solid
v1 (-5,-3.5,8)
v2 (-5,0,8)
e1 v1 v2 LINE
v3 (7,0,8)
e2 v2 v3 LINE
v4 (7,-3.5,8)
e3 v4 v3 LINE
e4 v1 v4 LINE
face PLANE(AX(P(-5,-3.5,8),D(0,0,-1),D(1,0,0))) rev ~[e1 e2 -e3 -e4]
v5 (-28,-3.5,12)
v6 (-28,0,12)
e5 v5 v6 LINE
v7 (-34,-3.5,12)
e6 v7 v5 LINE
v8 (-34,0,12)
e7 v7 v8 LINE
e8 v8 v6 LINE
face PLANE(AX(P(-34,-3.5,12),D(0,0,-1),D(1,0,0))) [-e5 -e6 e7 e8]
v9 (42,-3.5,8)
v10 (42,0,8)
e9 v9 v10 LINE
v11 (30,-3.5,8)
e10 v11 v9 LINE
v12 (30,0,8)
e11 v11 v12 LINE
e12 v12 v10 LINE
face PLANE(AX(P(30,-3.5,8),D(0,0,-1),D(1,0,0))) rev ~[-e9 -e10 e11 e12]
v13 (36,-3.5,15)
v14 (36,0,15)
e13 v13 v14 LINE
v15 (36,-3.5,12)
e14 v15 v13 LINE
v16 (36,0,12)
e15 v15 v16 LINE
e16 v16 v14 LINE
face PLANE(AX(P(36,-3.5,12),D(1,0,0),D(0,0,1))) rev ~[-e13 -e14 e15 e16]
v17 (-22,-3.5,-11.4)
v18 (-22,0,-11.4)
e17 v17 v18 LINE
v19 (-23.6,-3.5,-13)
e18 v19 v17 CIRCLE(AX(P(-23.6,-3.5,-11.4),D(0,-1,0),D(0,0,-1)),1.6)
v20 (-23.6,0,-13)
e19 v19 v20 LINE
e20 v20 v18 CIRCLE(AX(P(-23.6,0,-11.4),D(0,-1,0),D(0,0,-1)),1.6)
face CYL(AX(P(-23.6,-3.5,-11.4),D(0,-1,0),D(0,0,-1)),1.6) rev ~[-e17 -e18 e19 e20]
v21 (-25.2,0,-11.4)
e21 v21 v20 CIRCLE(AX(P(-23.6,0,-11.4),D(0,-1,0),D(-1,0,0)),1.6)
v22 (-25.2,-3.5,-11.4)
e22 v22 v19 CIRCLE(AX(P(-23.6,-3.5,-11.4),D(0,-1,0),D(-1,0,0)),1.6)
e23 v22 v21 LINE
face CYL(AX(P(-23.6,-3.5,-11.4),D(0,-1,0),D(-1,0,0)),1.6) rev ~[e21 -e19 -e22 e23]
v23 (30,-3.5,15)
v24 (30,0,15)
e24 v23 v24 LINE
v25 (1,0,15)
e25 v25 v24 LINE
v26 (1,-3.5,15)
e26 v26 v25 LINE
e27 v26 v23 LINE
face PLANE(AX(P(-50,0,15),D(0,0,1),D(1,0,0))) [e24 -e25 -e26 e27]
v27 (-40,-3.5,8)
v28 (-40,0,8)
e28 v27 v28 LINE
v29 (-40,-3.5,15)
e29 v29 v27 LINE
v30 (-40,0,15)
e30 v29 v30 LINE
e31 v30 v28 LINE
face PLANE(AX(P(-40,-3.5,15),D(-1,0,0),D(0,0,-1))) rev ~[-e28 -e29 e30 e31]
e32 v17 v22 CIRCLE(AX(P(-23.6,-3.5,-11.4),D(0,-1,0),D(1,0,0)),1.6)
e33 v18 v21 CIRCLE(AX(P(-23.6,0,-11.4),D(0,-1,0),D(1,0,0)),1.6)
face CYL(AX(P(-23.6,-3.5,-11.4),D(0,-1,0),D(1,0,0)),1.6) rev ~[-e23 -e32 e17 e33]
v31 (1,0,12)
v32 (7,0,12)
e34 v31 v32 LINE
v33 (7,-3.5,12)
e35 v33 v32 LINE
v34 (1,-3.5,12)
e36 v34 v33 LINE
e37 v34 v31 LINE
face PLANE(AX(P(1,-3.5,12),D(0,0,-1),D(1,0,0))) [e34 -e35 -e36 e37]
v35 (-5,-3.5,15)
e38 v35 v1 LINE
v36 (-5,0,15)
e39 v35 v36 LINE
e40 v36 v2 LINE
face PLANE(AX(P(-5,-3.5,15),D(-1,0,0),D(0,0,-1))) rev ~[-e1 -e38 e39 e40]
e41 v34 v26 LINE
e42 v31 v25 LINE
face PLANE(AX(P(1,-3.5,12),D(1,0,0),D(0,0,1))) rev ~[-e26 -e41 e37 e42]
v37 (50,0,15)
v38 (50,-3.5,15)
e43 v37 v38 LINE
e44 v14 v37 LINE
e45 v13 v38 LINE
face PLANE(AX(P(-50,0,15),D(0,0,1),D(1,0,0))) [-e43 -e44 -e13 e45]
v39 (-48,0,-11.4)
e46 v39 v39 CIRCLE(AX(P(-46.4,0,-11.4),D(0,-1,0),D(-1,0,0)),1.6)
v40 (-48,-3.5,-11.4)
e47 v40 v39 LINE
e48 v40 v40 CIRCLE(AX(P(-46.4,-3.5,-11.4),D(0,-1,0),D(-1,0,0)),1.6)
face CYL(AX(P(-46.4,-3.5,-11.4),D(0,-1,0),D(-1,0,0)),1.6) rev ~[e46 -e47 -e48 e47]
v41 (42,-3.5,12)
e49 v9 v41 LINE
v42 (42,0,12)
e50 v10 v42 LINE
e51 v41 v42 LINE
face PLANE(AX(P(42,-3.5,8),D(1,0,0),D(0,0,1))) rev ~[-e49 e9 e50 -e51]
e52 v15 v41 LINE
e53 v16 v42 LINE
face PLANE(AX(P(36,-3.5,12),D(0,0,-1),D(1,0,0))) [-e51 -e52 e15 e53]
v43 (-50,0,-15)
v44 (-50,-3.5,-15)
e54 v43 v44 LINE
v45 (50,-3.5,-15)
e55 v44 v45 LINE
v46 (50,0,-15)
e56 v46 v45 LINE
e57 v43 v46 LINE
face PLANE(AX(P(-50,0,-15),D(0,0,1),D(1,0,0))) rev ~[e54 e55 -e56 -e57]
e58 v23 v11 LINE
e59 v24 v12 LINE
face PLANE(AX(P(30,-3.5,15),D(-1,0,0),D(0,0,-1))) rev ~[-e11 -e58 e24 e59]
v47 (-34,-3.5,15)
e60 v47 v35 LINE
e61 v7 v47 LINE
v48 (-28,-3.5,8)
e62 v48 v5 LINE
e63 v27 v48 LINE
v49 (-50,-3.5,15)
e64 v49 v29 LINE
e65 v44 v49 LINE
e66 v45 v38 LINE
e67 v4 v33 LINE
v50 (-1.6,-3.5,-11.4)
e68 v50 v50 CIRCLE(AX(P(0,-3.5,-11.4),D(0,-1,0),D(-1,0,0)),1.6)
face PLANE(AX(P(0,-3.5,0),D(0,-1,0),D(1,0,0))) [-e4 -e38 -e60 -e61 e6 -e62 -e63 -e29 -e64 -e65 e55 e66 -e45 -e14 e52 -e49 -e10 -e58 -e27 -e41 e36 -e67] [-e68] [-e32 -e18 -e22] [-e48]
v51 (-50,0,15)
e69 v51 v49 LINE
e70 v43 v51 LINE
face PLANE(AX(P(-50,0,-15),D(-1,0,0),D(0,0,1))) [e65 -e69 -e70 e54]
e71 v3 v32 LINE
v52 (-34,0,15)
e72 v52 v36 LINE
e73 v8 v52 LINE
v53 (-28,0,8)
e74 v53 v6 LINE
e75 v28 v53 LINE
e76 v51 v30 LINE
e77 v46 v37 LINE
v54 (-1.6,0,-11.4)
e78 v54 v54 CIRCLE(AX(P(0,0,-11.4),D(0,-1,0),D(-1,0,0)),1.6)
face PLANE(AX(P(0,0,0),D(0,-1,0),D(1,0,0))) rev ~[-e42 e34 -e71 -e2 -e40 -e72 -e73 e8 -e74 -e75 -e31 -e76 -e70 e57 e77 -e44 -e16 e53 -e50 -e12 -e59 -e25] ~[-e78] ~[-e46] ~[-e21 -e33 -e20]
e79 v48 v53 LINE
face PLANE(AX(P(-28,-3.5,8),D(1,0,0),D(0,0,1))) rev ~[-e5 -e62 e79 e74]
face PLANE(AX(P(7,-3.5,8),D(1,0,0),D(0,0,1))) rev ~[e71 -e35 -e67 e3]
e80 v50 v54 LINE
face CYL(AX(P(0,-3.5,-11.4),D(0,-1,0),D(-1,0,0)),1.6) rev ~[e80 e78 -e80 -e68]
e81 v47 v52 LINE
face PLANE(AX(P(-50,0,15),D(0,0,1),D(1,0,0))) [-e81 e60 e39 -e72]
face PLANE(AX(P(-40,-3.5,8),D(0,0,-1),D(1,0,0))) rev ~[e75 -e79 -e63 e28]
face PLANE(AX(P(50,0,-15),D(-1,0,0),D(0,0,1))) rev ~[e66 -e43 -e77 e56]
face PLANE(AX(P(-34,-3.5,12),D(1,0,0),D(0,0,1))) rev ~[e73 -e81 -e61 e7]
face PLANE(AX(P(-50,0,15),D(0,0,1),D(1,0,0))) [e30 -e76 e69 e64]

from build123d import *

# Parameters (mm, degrees)
F0_W     = 100
F0_H     = 30
F1_DEPTH = 3.5
F3_DEPTH = 3.501
F4_W     = 6
F4_H     = 4
F5_DEPTH = 3.501


with BuildPart() as f1:
    # F0 (on Front) → F1 (new body)
    with BuildSketch(Plane.XZ):
        Rectangle(F0_W, F0_H)
    extrude(amount=F1_DEPTH)

    # F2 (on face) → F3 (cut, through all)
    with BuildSketch(Plane.XZ.offset(3.5)):
        with BuildLine():
            ThreePointArc((-44.8, -11.4), (-46.4, -9.8), (-48, -11.4))
            Line((-48, -11.4), (-44.8, -11.4))
        make_face()
        with BuildLine():
            Line((-44.8, -11.4), (-48, -11.4))
            ThreePointArc((-48, -11.4), (-46.4, -13), (-44.8, -11.4))
        make_face()
        with BuildLine():
            Line((-23.6, -11.4), (-23.6, -13))
            ThreePointArc((-23.6, -13), (-22.4686291501, -12.5313708499), (-22, -11.4))
            Line((-22, -11.4), (-23.6, -11.4))
        make_face()
        with BuildLine():
            ThreePointArc((-25.2, -11.4), (-24.7313708499, -12.5313708499), (-23.6, -13))
            Line((-23.6, -13), (-23.6, -11.4))
            Line((-23.6, -11.4), (-25.2, -11.4))
        make_face()
        with BuildLine():
            Line((-25.2, -11.4), (-23.6, -11.4))
            Line((-23.6, -11.4), (-22, -11.4))
            ThreePointArc((-22, -11.4), (-23.6, -9.8), (-25.2, -11.4))
        make_face()
        with BuildLine():
            ThreePointArc((1.6, -11.4), (0, -9.8), (-1.6, -11.4))
            ThreePointArc((-1.6, -11.4), (0, -13), (1.6, -11.4))
        make_face()
    extrude(amount=-F3_DEPTH, mode=Mode.SUBTRACT)

    # F4 (on face) → F5 (cut, through all)
    with BuildSketch(Plane.XZ.offset(3.5)):
        Polygon((-34, 15), (-40, 15), (-40, 8), (-34, 8), (-34, 12), align=None)
        with Locations((-31, 10)):
            Rectangle(F4_W, F4_H)
        Polygon((1, 15), (-5, 15), (-5, 8), (1, 8), (1, 12), align=None)
        with Locations((4, 10)):
            Rectangle(F4_W, F4_H)
        Polygon((36, 15), (30, 15), (30, 8), (36, 8), (36, 12), align=None)
        with Locations((39, 10)):
            Rectangle(F4_W, F4_H)
    extrude(amount=-F5_DEPTH, mode=Mode.SUBTRACT)


solid = f1.part
